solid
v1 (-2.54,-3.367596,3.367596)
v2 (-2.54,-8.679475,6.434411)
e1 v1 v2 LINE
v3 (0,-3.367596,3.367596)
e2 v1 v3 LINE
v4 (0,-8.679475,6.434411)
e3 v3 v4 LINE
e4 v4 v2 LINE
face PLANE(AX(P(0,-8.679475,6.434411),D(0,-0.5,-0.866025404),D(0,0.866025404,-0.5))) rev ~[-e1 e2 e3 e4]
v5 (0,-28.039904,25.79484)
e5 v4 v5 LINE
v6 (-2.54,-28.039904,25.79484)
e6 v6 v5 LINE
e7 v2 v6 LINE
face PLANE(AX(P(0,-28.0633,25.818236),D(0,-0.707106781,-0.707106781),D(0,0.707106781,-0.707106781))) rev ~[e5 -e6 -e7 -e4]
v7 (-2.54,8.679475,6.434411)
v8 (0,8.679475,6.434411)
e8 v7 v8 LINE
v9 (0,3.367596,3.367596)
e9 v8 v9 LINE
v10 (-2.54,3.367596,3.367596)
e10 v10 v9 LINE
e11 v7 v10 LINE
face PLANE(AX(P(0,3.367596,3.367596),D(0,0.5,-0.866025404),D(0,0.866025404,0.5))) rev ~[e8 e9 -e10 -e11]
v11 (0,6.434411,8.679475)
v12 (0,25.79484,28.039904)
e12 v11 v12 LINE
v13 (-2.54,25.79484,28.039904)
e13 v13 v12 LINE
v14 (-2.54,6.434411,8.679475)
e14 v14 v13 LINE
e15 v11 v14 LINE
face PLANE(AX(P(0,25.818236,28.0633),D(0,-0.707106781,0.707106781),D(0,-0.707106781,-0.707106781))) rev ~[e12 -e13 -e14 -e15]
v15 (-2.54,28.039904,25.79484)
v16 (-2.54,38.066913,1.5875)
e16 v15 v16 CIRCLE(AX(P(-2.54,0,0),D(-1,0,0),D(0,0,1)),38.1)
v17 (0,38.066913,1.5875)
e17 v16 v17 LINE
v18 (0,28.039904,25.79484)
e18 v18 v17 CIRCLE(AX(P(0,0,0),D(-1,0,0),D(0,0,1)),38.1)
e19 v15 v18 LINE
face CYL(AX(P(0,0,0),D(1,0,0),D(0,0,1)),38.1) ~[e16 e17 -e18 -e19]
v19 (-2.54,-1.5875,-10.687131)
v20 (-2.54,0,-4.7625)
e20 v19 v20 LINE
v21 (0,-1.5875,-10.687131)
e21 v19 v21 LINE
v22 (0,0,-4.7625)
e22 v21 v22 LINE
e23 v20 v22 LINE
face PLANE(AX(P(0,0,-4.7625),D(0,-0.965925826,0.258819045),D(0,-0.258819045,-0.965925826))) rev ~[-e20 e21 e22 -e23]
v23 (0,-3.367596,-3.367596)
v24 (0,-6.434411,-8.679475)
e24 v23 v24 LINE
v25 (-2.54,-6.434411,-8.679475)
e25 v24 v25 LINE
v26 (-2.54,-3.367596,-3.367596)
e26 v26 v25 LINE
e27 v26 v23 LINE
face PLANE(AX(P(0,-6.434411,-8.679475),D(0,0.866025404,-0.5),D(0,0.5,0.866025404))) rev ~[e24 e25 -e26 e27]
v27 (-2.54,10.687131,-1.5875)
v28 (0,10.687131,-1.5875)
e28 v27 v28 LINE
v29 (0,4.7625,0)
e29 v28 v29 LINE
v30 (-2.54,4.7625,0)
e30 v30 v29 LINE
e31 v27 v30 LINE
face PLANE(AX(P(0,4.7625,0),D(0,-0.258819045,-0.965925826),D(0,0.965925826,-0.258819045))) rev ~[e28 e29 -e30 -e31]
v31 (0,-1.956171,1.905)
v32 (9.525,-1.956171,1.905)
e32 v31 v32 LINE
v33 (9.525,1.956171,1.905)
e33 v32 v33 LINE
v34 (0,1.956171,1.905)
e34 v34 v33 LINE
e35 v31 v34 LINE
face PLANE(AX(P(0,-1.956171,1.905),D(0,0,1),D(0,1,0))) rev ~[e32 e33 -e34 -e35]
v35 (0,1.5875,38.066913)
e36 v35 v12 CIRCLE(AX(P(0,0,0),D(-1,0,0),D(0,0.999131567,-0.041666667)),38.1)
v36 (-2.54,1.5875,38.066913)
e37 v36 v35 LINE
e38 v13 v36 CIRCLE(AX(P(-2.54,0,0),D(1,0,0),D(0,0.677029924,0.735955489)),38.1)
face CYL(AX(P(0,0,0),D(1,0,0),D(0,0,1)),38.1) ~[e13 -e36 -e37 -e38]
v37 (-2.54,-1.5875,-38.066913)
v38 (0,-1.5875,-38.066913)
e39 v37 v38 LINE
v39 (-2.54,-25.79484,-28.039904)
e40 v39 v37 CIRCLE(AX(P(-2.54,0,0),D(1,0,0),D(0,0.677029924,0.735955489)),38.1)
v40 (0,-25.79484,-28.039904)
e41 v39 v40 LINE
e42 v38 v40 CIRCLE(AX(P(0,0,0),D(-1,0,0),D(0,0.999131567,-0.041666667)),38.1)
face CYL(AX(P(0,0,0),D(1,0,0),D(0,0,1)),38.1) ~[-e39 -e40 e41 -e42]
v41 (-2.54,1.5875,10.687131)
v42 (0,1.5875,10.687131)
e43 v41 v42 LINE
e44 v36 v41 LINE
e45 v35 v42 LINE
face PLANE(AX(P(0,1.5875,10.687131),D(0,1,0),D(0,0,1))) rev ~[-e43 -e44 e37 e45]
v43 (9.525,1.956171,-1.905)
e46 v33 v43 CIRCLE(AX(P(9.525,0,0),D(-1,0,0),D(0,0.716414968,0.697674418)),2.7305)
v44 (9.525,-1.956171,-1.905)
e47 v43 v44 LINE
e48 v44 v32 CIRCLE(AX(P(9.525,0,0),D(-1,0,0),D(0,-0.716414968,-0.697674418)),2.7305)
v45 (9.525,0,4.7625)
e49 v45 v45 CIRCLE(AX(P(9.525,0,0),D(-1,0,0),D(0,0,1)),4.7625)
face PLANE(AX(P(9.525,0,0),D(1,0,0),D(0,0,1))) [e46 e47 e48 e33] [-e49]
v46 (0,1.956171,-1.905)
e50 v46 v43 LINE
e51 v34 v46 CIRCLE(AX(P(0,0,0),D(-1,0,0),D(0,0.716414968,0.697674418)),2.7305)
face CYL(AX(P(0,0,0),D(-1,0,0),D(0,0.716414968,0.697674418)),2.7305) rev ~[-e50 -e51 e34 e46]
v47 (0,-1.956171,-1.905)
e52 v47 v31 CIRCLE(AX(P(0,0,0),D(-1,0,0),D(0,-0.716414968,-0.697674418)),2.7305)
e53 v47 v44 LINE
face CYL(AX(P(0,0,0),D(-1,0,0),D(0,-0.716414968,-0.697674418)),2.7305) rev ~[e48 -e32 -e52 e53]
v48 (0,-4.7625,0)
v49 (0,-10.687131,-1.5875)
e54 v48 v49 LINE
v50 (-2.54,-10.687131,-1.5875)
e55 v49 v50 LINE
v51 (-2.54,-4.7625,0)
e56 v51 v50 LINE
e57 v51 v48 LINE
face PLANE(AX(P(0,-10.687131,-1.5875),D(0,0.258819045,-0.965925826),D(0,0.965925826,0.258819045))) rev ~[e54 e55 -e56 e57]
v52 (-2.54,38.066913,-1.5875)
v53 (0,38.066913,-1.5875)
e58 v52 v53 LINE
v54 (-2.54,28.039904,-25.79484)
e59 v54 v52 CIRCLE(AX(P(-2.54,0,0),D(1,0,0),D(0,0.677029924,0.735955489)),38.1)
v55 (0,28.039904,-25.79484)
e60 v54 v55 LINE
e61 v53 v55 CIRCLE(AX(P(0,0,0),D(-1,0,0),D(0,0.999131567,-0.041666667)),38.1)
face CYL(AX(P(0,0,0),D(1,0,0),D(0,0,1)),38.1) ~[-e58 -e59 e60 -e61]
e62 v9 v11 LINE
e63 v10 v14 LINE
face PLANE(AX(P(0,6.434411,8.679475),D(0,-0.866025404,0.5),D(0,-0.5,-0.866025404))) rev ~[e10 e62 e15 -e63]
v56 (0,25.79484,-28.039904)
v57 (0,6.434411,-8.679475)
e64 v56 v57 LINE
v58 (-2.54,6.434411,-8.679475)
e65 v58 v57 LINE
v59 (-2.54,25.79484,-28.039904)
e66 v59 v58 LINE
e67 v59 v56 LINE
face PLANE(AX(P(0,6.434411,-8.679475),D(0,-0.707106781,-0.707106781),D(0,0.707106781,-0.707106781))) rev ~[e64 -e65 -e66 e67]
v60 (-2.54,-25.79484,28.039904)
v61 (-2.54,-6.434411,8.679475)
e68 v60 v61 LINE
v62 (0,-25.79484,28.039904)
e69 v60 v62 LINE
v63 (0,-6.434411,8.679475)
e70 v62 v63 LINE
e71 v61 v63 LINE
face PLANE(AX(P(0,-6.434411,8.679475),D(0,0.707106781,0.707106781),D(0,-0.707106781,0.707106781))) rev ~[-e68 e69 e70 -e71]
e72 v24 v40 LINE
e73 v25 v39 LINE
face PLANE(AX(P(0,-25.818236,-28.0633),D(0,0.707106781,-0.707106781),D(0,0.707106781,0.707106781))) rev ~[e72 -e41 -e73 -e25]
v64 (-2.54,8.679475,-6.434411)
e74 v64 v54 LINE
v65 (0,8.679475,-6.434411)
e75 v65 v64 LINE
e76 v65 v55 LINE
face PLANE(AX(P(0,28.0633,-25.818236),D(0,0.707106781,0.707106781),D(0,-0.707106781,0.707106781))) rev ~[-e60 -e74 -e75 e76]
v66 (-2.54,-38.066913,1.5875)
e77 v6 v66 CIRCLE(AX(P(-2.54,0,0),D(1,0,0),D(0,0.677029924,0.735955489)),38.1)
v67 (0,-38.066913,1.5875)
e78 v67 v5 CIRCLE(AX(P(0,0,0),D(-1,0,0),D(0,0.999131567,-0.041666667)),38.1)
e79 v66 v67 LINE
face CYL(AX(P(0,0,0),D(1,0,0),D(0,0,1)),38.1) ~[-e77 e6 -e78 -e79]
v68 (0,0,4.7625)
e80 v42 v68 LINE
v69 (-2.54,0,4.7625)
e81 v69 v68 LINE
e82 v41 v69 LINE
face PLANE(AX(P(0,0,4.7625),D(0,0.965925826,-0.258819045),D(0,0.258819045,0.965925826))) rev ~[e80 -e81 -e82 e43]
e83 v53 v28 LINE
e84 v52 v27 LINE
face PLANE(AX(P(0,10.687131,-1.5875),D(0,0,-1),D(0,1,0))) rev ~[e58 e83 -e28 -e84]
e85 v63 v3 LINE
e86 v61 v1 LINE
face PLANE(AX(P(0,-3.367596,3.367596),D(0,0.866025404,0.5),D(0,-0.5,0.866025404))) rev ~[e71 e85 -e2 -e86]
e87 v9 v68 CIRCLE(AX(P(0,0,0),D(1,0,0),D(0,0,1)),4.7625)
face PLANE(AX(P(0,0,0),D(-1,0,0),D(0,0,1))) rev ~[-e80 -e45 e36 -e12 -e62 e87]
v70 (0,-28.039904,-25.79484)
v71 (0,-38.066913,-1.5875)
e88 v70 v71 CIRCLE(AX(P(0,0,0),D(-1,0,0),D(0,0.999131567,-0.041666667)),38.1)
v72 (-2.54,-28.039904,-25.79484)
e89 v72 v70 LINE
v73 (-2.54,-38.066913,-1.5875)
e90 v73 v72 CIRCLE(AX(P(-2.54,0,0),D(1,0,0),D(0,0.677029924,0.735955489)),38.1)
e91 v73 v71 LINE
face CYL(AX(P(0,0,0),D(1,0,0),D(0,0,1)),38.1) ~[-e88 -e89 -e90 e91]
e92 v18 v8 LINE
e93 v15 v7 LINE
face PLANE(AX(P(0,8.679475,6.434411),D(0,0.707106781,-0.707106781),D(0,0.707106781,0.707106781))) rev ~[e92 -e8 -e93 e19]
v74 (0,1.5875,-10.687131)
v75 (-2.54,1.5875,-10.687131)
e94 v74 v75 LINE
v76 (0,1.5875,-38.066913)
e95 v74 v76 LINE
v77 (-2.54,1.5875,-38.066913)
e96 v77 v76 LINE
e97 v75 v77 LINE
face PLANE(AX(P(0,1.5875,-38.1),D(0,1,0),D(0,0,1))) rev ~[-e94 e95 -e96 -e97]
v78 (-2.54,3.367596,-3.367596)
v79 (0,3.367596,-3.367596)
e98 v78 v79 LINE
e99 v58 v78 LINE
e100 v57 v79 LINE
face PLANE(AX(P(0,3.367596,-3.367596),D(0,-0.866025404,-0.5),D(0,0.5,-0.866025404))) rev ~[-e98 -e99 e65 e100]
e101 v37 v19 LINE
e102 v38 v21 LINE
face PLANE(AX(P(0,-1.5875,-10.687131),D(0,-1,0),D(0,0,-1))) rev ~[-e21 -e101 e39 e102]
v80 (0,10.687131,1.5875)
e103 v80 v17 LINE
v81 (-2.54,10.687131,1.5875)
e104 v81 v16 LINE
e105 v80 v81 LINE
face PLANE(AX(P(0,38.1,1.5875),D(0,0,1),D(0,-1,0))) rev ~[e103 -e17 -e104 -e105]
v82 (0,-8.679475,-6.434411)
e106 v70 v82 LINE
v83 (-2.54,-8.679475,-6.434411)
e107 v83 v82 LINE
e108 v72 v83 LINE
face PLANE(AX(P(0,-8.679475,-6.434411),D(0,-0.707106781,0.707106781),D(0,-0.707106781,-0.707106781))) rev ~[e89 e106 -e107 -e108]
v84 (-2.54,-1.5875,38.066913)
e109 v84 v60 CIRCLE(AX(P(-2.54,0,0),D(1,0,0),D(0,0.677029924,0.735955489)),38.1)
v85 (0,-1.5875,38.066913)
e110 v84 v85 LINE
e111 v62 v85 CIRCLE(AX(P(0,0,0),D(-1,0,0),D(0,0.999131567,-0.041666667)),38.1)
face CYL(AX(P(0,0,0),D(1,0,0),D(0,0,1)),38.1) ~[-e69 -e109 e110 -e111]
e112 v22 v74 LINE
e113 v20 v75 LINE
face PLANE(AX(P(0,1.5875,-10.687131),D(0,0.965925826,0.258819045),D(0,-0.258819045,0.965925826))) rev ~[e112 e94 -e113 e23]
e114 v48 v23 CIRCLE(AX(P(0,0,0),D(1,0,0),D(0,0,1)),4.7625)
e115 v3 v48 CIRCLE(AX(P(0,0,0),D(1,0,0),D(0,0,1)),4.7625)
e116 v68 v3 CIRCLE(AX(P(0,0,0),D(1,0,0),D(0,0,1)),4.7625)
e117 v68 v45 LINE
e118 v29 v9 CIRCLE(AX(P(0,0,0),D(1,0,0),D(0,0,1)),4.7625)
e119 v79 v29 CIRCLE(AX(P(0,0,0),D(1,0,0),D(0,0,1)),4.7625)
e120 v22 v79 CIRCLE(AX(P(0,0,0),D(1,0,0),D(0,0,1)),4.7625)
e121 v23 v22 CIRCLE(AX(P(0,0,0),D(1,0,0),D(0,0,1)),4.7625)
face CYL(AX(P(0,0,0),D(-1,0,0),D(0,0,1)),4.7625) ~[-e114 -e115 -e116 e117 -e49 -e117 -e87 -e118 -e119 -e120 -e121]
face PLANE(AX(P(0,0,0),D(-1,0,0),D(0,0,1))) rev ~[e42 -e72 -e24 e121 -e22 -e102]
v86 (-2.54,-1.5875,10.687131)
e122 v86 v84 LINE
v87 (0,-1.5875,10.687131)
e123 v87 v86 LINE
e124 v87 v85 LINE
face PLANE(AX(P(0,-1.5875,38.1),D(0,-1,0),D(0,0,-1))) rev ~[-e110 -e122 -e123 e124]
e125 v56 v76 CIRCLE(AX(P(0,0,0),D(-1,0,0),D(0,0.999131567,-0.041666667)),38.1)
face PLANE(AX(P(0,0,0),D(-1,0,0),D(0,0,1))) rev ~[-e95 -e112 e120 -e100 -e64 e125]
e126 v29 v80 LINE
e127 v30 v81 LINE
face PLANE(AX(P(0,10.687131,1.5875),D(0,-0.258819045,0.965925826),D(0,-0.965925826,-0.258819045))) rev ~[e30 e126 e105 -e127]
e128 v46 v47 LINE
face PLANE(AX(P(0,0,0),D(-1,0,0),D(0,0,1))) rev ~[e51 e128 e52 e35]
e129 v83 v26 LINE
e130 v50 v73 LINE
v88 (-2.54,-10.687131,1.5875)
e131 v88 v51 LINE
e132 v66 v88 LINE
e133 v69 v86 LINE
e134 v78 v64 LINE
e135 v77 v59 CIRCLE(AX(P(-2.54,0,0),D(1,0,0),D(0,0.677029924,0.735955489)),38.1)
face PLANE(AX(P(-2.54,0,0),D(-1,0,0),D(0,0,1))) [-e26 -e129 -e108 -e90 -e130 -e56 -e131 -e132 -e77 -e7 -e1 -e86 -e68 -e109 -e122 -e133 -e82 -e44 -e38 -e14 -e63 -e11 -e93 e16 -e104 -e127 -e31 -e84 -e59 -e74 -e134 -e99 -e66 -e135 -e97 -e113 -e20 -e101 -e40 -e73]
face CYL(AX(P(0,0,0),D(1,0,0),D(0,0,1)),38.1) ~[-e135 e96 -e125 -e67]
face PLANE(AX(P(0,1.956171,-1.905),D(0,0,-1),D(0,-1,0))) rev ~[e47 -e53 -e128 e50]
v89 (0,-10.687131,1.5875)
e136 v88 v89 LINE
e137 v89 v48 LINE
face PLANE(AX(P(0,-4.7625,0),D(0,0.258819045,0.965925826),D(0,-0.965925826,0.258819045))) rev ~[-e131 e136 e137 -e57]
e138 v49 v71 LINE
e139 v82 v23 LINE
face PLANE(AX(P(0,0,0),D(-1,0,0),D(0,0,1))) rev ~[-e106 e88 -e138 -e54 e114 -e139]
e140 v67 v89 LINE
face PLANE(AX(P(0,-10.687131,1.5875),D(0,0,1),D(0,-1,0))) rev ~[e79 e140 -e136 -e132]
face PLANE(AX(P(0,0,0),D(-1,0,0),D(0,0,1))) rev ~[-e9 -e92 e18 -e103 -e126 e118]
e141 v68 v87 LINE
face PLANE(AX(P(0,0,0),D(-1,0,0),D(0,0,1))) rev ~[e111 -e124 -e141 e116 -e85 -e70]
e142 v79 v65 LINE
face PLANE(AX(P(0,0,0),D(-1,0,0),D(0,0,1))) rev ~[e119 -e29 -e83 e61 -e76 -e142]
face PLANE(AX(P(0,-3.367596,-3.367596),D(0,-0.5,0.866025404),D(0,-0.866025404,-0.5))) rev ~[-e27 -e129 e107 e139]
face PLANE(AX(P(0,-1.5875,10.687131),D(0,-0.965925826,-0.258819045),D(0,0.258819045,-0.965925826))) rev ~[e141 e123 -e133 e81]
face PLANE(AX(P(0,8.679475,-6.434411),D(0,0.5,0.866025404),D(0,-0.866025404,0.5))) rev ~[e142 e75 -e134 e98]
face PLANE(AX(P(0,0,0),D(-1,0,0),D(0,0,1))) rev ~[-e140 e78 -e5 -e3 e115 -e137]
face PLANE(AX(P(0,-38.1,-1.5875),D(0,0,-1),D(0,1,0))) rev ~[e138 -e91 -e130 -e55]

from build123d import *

# Parameters (mm, degrees)
SKETCH1_R           = 4.7625
BOSS_EXTRUDE1_DEPTH = 9.525
SKETCH2_R           = 38.1
BOSS_EXTRUDE2_DEPTH = 2.54
CUT_EXTRUDE1_DEPTH  = 55.716959208
CIRPATTERN1_COUNT   = 8


with BuildPart() as part:
    # Sketch1 → Boss-Extrude1 (new body)
    with BuildSketch(Plane(origin=(0, 0, 0), x_dir=(0, 0, -1), z_dir=(1, 0, 0))):
        with Locations(Location((0, 0, 0), (0, 0, 180))):
            Circle(SKETCH1_R)
        with BuildLine():
            Line((-1.905, -1.956171069), (-1.905, 1.956171069))
            ThreePointArc((-1.905, 1.956171069), (0, 2.7305), (1.905, 1.956171069))
            Line((1.905, 1.956171069), (1.905, -1.956171069))
            ThreePointArc((1.905, -1.956171069), (0, -2.7305), (-1.905, -1.956171069))
        make_face(mode=Mode.SUBTRACT)
    extrude(amount=BOSS_EXTRUDE1_DEPTH)

    # Sketch2 → Boss-Extrude2 (add)
    with BuildSketch(Plane.ZY):
        Circle(SKETCH2_R)
    extrude(amount=BOSS_EXTRUDE2_DEPTH)

    # Sketch3 → Cut-Extrude1 (cut, symmetric)
    with BuildSketch(Plane(origin=(0, 0, 0), x_dir=(0, 0, -1), z_dir=(1, 0, 0))):
        Polygon((-1.5875, 10.687130657), (0, 4.7625), (1.5875, 10.687130657), (1.5875, 38.1), (-1.5875, 38.1), align=None)
    cut_extrude1 = extrude(amount=CUT_EXTRUDE1_DEPTH, both=True, mode=Mode.SUBTRACT)

    # CirPattern1: Cut-Extrude1 ×8 about axis
    cirpattern1_axis = Axis((0, 0, 0), (1, 0, 0))
    for i in range(1, CIRPATTERN1_COUNT):
        add(cut_extrude1.rotate(cirpattern1_axis, i * 360 / CIRPATTERN1_COUNT), mode=Mode.SUBTRACT)


solid = part.part
